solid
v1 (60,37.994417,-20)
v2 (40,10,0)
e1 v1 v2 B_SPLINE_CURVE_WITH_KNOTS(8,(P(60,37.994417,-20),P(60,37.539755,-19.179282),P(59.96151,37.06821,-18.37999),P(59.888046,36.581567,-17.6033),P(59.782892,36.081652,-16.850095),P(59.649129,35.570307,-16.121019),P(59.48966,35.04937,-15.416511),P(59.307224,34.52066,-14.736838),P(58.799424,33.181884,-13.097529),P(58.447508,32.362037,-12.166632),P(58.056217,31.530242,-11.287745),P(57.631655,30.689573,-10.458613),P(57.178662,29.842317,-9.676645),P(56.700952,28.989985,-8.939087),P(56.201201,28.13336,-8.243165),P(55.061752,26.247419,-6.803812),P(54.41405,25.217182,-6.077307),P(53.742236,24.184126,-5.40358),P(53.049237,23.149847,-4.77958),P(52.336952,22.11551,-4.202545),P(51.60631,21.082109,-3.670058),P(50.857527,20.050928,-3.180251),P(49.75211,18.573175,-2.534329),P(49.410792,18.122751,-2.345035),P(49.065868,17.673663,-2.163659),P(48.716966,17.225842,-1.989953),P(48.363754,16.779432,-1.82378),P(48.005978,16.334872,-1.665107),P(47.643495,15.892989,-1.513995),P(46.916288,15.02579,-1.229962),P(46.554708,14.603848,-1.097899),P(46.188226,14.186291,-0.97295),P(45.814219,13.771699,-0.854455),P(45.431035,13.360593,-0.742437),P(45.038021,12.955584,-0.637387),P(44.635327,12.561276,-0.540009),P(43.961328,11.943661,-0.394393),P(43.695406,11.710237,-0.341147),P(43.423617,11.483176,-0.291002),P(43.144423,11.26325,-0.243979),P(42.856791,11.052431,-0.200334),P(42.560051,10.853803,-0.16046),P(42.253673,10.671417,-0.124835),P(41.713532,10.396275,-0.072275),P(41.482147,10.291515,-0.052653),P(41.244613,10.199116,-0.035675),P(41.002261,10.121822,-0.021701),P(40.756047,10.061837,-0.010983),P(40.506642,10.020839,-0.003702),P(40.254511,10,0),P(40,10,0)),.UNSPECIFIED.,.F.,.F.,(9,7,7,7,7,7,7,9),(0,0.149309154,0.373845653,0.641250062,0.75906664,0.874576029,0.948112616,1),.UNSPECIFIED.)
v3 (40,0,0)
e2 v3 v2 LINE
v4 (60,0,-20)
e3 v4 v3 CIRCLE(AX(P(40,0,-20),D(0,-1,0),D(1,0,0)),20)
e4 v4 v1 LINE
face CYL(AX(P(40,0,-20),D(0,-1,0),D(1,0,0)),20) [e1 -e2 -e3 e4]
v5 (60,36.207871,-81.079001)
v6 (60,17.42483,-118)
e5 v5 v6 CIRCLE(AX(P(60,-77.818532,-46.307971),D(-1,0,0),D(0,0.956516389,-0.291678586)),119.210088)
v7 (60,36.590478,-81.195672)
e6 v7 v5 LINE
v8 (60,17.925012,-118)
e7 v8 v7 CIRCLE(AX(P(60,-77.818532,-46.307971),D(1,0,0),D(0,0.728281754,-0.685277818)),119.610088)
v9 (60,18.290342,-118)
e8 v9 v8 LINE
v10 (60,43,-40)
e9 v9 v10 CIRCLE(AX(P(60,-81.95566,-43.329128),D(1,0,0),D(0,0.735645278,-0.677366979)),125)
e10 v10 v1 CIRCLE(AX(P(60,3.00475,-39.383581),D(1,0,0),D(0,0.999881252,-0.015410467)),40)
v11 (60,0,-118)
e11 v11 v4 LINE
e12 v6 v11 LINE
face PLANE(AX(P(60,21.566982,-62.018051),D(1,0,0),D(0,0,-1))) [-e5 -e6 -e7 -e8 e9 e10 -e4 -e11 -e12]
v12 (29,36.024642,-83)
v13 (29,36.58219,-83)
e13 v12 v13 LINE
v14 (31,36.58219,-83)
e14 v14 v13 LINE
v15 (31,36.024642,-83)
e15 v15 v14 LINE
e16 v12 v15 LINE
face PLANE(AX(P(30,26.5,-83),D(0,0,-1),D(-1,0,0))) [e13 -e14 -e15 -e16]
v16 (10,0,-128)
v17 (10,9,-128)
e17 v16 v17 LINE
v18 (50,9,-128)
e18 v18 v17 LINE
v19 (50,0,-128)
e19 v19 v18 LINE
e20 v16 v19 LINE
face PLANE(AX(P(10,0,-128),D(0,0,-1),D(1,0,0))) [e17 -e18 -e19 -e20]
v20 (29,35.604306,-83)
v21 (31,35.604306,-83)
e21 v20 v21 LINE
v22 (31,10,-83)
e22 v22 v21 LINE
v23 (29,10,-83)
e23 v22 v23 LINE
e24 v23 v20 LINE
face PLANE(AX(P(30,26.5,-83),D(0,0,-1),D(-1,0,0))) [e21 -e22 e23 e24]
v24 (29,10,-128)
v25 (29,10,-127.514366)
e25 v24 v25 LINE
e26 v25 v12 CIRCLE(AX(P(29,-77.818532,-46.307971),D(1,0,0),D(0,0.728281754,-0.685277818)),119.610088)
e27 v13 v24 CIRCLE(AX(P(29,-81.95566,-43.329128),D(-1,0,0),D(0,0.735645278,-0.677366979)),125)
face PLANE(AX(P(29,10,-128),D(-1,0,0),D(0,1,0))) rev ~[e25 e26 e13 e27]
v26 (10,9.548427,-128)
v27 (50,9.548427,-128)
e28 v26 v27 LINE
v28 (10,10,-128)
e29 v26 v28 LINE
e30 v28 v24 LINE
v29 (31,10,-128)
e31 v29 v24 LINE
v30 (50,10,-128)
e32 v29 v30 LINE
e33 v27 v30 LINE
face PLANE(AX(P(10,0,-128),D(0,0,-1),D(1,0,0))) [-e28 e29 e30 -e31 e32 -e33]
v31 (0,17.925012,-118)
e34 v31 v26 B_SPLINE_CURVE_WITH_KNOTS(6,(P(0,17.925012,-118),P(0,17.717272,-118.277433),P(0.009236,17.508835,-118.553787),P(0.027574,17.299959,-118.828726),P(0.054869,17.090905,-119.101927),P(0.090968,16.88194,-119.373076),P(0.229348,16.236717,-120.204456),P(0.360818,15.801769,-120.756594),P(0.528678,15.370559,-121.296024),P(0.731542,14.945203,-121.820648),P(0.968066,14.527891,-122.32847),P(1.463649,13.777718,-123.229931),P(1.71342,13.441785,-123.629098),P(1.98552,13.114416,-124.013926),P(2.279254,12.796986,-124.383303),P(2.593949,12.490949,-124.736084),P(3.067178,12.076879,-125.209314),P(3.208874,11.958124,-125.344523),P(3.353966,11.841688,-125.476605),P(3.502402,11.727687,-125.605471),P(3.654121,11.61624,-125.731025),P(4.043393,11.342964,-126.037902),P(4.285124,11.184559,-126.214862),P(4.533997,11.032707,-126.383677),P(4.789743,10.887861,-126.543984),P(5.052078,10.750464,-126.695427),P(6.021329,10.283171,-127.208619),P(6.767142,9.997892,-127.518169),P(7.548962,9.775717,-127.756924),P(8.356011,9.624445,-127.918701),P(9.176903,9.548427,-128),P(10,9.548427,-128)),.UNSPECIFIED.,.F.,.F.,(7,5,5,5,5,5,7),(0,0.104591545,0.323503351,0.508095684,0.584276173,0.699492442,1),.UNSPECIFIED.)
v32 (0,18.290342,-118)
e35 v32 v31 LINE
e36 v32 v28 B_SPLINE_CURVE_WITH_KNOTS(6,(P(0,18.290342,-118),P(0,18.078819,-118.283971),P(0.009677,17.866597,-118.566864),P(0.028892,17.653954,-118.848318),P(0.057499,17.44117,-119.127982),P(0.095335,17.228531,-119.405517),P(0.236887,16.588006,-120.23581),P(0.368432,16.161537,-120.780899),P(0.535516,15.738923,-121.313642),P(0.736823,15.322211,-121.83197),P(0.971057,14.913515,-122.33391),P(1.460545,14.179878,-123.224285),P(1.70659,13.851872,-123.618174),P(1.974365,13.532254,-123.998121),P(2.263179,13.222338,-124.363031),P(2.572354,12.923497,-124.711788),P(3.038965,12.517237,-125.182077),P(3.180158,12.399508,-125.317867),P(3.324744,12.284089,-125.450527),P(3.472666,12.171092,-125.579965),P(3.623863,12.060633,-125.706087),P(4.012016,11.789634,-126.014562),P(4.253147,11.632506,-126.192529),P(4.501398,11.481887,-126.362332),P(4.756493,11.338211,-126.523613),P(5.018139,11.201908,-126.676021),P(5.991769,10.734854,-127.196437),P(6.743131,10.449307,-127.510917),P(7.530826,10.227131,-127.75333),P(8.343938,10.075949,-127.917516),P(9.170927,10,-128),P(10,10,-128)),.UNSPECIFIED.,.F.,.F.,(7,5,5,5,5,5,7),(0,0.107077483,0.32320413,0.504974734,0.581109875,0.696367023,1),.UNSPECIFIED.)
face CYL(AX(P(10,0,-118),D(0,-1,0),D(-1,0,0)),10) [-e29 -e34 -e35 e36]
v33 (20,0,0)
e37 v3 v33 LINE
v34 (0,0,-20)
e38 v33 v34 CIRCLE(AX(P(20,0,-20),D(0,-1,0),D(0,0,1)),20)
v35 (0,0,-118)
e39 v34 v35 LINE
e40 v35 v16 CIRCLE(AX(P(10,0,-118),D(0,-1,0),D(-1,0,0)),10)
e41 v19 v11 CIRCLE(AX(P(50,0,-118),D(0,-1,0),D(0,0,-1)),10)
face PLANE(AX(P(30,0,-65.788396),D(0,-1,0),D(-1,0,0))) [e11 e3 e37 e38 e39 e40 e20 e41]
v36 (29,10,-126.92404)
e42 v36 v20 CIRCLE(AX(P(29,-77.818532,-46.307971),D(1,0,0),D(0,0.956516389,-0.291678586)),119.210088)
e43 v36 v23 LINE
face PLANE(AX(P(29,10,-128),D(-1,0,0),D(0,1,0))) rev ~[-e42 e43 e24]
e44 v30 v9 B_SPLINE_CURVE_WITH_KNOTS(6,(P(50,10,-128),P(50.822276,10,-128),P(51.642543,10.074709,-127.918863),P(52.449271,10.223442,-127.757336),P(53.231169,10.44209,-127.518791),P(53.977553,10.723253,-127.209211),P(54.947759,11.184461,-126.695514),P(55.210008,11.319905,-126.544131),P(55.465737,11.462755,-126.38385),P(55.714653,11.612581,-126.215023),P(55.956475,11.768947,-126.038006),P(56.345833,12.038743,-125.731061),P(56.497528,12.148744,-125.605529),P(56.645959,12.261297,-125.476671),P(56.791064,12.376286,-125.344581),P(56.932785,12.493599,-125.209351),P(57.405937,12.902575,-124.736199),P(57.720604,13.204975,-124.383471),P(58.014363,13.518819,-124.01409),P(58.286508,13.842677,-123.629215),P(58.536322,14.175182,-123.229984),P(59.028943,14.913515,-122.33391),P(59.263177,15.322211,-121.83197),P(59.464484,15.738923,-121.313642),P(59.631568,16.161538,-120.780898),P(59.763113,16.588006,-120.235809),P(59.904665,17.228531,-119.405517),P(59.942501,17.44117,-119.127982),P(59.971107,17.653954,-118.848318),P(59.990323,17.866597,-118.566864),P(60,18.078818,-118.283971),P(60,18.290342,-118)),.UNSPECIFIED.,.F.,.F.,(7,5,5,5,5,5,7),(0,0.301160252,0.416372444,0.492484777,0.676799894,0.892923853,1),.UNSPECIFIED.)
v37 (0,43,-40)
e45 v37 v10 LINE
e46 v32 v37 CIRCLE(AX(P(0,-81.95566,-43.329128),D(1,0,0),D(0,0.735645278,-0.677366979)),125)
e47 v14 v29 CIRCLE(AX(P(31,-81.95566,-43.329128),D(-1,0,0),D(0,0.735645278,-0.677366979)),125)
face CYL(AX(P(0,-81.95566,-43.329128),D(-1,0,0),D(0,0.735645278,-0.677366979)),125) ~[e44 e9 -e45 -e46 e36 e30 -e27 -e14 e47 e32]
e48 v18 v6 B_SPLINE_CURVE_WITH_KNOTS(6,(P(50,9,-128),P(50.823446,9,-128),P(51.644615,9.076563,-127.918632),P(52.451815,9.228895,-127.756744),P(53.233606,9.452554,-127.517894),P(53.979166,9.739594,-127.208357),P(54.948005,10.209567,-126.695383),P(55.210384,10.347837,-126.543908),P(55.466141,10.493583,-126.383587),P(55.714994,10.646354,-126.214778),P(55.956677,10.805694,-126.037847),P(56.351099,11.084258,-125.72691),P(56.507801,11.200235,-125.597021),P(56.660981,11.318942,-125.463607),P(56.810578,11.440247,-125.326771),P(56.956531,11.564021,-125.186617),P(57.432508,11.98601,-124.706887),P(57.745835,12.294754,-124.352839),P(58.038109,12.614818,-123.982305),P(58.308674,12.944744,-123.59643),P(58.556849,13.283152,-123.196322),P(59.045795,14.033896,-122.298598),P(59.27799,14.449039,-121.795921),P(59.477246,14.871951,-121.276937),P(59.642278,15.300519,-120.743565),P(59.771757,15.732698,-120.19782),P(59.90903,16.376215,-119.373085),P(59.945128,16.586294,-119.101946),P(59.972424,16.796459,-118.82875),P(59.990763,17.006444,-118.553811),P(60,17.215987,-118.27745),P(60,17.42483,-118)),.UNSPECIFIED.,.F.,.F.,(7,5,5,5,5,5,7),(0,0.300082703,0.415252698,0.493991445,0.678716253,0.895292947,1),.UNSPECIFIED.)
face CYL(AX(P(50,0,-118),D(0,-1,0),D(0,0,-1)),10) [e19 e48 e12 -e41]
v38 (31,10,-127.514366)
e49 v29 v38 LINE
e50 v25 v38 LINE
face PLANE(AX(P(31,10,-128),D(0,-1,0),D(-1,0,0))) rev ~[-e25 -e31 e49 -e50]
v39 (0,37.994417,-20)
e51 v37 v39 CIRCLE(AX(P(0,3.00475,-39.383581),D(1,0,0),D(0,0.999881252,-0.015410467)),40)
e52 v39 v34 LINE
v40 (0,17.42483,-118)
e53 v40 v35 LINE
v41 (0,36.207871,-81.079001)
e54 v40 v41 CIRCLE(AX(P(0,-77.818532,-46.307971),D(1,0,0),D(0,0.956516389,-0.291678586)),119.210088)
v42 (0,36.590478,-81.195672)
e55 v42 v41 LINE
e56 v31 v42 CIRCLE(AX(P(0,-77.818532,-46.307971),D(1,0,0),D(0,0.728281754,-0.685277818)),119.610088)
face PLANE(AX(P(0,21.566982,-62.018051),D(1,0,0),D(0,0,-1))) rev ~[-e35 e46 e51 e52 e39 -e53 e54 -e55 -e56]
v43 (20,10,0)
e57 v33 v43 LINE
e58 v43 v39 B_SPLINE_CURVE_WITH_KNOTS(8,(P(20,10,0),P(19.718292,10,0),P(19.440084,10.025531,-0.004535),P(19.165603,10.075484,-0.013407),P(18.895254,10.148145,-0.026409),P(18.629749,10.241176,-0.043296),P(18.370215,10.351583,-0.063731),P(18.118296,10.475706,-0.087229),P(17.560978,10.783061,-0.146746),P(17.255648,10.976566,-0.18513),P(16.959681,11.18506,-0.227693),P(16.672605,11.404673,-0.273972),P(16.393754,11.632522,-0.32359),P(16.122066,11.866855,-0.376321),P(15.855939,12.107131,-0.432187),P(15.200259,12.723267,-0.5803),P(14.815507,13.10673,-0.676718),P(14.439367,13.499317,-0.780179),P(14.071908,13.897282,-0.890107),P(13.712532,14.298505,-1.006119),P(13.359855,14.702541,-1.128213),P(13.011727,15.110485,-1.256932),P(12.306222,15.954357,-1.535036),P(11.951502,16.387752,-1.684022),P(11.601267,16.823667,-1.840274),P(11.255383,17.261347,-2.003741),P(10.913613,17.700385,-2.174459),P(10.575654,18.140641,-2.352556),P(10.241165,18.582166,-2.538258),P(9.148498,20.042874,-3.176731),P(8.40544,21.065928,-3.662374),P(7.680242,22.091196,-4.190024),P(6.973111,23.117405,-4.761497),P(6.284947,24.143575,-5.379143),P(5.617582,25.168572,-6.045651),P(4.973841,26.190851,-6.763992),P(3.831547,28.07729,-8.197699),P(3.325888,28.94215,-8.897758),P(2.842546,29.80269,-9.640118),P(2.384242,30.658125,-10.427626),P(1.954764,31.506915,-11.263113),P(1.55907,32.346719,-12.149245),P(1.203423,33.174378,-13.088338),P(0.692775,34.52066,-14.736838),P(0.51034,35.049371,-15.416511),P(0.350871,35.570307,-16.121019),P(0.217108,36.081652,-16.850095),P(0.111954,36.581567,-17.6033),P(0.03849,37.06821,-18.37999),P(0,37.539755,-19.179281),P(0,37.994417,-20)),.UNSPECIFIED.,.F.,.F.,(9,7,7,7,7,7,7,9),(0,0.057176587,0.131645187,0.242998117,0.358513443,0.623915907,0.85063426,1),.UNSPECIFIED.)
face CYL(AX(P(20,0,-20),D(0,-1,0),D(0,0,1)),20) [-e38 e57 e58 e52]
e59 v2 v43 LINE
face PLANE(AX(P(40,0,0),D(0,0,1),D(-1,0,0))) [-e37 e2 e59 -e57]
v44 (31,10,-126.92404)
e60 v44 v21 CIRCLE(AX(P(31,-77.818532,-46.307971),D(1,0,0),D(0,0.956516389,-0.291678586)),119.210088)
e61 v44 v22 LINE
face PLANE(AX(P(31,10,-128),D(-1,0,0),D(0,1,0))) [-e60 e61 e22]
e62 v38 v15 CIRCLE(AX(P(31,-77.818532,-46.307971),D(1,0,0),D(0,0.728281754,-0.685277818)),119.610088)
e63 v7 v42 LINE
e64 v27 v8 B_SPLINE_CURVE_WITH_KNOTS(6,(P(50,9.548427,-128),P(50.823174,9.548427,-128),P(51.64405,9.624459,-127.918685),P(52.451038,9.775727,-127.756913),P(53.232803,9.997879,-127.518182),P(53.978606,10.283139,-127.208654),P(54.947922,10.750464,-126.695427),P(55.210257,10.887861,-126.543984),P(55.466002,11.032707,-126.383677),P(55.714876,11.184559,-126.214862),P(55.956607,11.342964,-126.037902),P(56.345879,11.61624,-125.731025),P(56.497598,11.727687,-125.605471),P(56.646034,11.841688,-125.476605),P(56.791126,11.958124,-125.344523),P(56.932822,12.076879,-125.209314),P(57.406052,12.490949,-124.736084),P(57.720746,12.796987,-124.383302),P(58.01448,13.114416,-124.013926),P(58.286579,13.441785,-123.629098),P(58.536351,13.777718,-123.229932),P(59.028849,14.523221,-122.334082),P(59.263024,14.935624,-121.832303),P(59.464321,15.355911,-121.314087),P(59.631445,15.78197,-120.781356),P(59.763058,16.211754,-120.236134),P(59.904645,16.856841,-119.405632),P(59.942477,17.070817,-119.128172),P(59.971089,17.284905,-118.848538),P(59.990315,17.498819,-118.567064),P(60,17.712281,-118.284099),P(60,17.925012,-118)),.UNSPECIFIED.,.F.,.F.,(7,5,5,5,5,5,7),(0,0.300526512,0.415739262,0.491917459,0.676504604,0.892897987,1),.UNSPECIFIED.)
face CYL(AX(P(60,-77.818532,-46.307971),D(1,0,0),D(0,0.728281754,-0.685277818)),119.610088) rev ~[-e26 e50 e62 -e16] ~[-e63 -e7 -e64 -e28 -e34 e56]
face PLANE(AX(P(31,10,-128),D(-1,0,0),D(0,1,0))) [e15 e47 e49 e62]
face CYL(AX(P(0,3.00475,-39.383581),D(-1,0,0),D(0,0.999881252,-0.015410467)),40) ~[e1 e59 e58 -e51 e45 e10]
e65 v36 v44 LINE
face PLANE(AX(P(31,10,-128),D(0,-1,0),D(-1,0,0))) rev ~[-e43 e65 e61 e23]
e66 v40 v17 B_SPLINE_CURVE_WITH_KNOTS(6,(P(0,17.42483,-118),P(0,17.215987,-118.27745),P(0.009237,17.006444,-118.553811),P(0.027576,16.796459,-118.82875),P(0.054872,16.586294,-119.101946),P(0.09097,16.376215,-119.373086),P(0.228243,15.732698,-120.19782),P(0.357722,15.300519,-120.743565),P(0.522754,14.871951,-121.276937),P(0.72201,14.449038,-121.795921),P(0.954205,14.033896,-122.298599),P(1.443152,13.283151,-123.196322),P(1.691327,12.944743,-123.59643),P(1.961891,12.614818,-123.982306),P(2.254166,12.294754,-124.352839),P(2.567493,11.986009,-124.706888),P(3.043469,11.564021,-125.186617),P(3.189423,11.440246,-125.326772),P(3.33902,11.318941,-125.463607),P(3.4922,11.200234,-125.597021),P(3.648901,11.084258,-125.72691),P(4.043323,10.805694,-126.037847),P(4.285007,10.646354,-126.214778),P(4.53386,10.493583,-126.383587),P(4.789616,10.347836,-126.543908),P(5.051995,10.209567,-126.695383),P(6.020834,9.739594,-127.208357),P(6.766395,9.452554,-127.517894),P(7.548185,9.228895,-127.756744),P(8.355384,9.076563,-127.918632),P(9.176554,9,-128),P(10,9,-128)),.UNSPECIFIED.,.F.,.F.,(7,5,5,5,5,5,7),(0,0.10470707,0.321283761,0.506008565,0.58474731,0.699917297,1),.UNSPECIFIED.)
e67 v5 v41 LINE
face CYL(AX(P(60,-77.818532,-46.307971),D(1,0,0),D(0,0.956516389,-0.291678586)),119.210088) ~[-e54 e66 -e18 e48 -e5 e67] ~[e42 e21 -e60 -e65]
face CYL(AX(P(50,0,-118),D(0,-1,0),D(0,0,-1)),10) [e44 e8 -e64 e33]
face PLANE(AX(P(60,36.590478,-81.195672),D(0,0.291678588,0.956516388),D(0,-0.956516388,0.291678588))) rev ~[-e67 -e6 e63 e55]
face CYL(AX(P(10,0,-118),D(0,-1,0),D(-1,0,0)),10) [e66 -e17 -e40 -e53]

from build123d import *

# Parameters (mm, degrees)
BOSS_EXTRUDE1_DEPTH          = 10
BOSS_EXTRUDE2_DEPTH          = 60
SKETCH1_2_OUTSIDE_W          = 91.554
SKETCH1_2_OUTSIDE_H          = 159.554
CUT_EXTRUDE1_DEPTH           = 60
CUT_EXTRUDE_THIN1_DEPTH      = 148.772850252
CUT_EXTRUDE_THIN1_DEPTH_BACK = 60
SKETCH5_W                    = 2
SKETCH5_H                    = 33
CUT_EXTRUDE2_DEPTH           = 45


with BuildPart() as part:
    # Sketch1 → Boss-Extrude1 (new body)
    with BuildSketch(Plane(origin=(0, 0, 0), x_dir=(1, 0, 0), z_dir=(0, 1, 0))):
        with BuildLine():
            Line((0, 20), (0, 118))
            ThreePointArc((0, 118), (2.928932188, 125.071067812), (10, 128))
            Line((10, 128), (50, 128))
            ThreePointArc((50, 128), (57.071067812, 125.071067812), (60, 118))
            Line((60, 118), (60, 20))
            ThreePointArc((60, 20), (54.142135624, 5.857864376), (40, 0))
            Line((40, 0), (20, 0))
            ThreePointArc((20, 0), (5.857864376, 5.857864376), (0, 20))
        make_face()
    extrude(amount=BOSS_EXTRUDE1_DEPTH)

    # Sketch2 → Boss-Extrude2 (add)
    with BuildSketch(Plane(origin=(0, 0, 0), x_dir=(0, 0, -1), z_dir=(1, 0, 0))):
        with BuildLine():
            Line((0, 10), (128, 10))
            ThreePointArc((128, 10), (87.219557783, 35.085487422), (40, 43))
            ThreePointArc((40, 43), (13.928263114, 33.859681074), (0, 10))
        make_face()
    extrude(amount=BOSS_EXTRUDE2_DEPTH)

    # Sketch1<2> outside → Cut-Extrude1 (cut)
    with BuildSketch(Plane(origin=(0, 0, 0), x_dir=(1, 0, 0), z_dir=(0, 1, 0))):
        with Locations((30, 64)):
            Rectangle(SKETCH1_2_OUTSIDE_W, SKETCH1_2_OUTSIDE_H)
        with BuildLine():
            Line((0, 20), (0, 118))
            ThreePointArc((0, 118), (2.928932188, 125.071067812), (10, 128))
            Line((10, 128), (50, 128))
            ThreePointArc((50, 128), (57.071067812, 125.071067812), (60, 118))
            Line((60, 118), (60, 20))
            ThreePointArc((60, 20), (54.142135624, 5.857864376), (40, 0))
            Line((40, 0), (20, 0))
            ThreePointArc((20, 0), (5.857864376, 5.857864376), (0, 20))
        make_face(mode=Mode.SUBTRACT)
    extrude(amount=CUT_EXTRUDE1_DEPTH, mode=Mode.SUBTRACT)

    # Sketch4 → Cut-Extrude-Thin1 (cut, two sides: drawn at the far end of the back side and taken through both)
    with BuildSketch(Plane.ZY.offset(-CUT_EXTRUDE_THIN1_DEPTH_BACK)):
        with BuildLine():
            ThreePointArc((-81.07900099, 36.207870964), (-106.107453338, 25.30792926), (-128, 9))
            Line((-128, 9), (-128.274111127, 9.291312701))
            ThreePointArc((-128.274111127, 9.291312701), (-106.308105761, 25.653961926), (-81.195672425, 36.590477519))
            Line((-81.195672425, 36.590477519), (-81.07900099, 36.207870964))
        make_face()
    extrude(amount=CUT_EXTRUDE_THIN1_DEPTH + CUT_EXTRUDE_THIN1_DEPTH_BACK, mode=Mode.SUBTRACT)

    # Sketch5 → Cut-Extrude2 (cut)
    with BuildSketch(Plane(origin=(0, 0, -128), x_dir=(-1, 0, 0), z_dir=(0, 0, -1))):
        with Locations((-30, 26.5)):
            Rectangle(SKETCH5_W, SKETCH5_H)
    extrude(amount=-CUT_EXTRUDE2_DEPTH, mode=Mode.SUBTRACT)


solid = part.part
